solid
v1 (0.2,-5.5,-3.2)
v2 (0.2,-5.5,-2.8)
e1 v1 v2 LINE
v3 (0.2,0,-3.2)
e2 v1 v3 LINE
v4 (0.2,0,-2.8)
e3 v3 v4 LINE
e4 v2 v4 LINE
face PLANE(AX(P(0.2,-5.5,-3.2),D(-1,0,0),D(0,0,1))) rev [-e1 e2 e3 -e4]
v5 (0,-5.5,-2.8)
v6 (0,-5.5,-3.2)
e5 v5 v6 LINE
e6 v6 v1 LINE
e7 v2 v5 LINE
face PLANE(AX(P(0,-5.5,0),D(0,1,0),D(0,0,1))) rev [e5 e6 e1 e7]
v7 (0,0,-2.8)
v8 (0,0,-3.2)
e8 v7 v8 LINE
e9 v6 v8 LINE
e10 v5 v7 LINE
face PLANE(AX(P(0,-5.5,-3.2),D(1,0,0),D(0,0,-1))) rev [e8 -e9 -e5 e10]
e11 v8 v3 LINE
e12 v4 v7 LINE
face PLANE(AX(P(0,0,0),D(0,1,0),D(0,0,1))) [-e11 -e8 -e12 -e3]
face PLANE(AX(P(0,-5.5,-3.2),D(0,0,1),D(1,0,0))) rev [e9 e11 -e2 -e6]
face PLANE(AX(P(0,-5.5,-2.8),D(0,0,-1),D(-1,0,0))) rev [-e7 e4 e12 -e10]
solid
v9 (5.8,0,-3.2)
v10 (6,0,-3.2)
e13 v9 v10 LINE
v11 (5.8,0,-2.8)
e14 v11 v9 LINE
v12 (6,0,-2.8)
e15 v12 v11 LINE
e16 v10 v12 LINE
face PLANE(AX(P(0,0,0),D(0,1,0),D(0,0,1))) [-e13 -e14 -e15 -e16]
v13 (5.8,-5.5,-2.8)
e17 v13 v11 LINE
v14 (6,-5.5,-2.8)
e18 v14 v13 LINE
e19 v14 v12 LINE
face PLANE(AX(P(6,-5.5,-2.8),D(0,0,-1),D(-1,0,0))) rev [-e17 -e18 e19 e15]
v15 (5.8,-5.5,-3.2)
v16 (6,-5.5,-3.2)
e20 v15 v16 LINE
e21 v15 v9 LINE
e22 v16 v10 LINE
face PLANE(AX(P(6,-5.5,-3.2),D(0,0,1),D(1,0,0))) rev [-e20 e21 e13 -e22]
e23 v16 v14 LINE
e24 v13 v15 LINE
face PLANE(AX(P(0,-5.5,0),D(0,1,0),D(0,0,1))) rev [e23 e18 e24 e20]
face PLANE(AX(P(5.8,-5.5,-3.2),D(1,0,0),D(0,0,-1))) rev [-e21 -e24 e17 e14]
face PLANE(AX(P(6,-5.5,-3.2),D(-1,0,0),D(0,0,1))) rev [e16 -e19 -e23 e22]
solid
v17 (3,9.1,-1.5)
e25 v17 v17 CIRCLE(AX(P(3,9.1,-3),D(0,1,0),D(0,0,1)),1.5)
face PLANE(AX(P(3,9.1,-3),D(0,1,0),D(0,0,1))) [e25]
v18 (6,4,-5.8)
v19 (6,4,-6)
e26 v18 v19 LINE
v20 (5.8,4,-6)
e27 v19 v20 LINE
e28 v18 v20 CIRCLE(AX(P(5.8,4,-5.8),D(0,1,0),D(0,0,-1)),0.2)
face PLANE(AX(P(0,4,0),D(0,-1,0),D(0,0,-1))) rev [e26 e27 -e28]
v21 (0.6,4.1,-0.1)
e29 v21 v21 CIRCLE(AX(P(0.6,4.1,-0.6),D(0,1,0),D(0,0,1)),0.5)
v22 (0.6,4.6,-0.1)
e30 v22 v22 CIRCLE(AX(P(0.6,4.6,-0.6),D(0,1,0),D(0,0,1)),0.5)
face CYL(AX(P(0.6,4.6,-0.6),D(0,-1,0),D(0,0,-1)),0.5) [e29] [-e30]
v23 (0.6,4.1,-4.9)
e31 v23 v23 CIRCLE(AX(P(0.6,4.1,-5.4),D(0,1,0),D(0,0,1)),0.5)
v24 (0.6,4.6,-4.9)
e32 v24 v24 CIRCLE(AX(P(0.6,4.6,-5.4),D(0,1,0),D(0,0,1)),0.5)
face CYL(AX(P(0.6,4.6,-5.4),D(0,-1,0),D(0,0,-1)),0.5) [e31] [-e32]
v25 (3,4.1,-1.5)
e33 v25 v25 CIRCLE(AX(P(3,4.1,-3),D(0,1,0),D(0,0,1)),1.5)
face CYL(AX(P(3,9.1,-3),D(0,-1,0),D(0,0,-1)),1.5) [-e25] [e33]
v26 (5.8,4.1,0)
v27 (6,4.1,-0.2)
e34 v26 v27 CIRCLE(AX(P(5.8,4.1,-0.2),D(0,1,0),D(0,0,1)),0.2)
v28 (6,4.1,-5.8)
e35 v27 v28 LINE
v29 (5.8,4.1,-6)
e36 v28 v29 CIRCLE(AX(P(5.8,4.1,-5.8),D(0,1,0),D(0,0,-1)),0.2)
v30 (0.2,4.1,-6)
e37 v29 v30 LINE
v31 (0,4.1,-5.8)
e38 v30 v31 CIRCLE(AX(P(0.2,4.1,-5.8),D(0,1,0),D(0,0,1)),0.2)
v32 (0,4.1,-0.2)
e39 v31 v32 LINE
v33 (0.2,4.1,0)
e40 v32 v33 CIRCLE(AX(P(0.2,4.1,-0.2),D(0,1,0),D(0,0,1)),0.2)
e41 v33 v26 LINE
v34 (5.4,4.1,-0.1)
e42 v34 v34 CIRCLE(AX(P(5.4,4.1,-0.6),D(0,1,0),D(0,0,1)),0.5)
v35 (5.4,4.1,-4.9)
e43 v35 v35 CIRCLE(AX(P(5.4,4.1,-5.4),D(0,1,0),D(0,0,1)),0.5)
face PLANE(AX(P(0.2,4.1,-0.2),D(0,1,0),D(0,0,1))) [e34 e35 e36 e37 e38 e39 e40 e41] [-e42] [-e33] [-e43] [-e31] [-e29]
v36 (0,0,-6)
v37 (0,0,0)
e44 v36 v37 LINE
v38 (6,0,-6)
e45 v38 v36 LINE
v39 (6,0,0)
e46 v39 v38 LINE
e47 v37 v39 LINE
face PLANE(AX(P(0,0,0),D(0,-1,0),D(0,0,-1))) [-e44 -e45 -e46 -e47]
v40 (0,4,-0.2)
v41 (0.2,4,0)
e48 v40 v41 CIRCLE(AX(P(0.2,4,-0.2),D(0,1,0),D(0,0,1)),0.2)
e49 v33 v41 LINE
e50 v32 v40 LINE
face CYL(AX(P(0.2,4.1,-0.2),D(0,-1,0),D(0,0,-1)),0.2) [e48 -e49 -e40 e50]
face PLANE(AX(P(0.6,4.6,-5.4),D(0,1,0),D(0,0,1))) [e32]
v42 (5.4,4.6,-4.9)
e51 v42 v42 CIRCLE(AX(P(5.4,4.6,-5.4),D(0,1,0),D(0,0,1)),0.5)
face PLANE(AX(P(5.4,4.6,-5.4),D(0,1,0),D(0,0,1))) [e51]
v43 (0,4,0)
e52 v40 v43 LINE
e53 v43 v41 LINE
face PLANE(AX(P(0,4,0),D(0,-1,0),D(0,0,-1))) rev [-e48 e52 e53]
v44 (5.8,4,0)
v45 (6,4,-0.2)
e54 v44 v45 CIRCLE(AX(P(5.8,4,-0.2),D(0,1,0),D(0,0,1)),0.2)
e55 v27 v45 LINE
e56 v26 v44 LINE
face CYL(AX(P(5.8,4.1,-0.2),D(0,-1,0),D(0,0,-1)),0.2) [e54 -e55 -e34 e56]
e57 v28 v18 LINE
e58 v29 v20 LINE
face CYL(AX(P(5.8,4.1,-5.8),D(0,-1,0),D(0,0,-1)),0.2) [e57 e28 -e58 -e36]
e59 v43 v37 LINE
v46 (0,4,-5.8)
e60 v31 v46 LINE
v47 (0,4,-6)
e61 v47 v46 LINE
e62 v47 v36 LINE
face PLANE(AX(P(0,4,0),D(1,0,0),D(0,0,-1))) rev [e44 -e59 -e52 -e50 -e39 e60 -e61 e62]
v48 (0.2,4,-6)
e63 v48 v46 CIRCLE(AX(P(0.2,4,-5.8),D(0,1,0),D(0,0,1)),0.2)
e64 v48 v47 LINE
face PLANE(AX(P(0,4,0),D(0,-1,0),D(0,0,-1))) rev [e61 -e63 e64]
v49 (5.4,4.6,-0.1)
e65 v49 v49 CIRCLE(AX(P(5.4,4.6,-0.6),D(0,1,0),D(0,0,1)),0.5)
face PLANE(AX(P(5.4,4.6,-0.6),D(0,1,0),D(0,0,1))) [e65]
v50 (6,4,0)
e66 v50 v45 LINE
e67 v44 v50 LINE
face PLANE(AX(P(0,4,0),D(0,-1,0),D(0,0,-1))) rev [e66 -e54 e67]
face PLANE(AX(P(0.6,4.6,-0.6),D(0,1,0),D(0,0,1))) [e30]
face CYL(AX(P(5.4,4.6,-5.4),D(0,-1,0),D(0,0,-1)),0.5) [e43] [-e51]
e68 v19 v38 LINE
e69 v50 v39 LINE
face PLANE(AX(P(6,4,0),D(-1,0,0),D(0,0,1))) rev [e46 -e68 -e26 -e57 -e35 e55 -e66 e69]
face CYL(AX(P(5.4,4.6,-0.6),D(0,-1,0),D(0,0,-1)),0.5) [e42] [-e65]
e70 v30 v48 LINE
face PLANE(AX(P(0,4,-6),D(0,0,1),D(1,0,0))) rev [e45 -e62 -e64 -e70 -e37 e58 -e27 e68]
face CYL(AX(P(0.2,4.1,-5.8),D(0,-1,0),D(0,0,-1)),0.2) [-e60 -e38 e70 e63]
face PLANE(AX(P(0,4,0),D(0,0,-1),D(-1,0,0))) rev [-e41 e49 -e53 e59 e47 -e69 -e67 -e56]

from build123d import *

# Parameters (mm, degrees)
SKETCH1_W             = 6
SKETCH1_H             = 6
BOSS_EXTRUDE1_DEPTH   = 4
BOSS_EXTRUDE2_DEPTH   = 0.1
SKETCH4_R             = 0.5
BOSS_EXTRUDE3_DEPTH   = 0.5
SKETCH5_R             = 1.5
BOSS_EXTRUDE4_DEPTH   = 5
SKETCH6_W             = 0.2
SKETCH6_H             = 0.4
BOSS_EXTRUDE5_DEPTH   = 5.5
BOSS_EXTRUDE5_2_DEPTH = 5.5


with BuildPart() as part:
    # Sketch1 → Boss-Extrude1 (new body)
    with BuildSketch(Plane(origin=(0, 0, 0), x_dir=(1, 0, 0), z_dir=(0, 1, 0))):
        with Locations((3, 3)):
            Rectangle(SKETCH1_W, SKETCH1_H)
    extrude(amount=BOSS_EXTRUDE1_DEPTH)

    # Sketch2 → Boss-Extrude2 (add)
    with BuildSketch(Plane(origin=(0, 4, 0), x_dir=(1, 0, 0), z_dir=(0, 1, 0))):
        with BuildLine():
            Line((0.2, 6), (5.8, 6))
            ThreePointArc((5.8, 6), (5.941421356, 5.941421356), (6, 5.8))
            Line((6, 5.8), (6, 0.2))
            ThreePointArc((6, 0.2), (5.941421356, 0.058578644), (5.8, 0))
            Line((5.8, 0), (0.2, 0))
            ThreePointArc((0.2, 0), (0.058578644, 0.058578644), (0, 0.2))
            Line((0, 0.2), (0, 5.8))
            ThreePointArc((0, 5.8), (0.058578644, 5.941421356), (0.2, 6))
        make_face()
    extrude(amount=BOSS_EXTRUDE2_DEPTH)

    # Sketch4 → Boss-Extrude3 (add)
    with BuildSketch(Plane(origin=(0, 4.1, 0), x_dir=(1, 0, 0), z_dir=(0, 1, 0))):
        with Locations((0.6, 5.4)):
            Circle(SKETCH4_R)
        with Locations((5.4, 5.4)):
            Circle(SKETCH4_R)
        with Locations((5.4, 0.6)):
            Circle(SKETCH4_R)
        with Locations((0.6, 0.6)):
            Circle(SKETCH4_R)
    extrude(amount=BOSS_EXTRUDE3_DEPTH)

    # Sketch5 → Boss-Extrude4 (add)
    with BuildSketch(Plane(origin=(0, 4.1, 0), x_dir=(1, 0, 0), z_dir=(0, 1, 0))):
        with Locations((3, 3)):
            Circle(SKETCH5_R)
    extrude(amount=BOSS_EXTRUDE4_DEPTH)


with BuildPart() as body_2:
    # Sketch6 → Boss-Extrude5 (new body)
    with BuildSketch(Plane.XZ):
        with Locations((0.1, -3)):
            Rectangle(SKETCH6_W, SKETCH6_H)
    extrude(amount=BOSS_EXTRUDE5_DEPTH)


with BuildPart() as body_3:
    # Sketch6 → Boss-Extrude5 2 (new body)
    with BuildSketch(Plane.XZ):
        with Locations((5.9, -3)):
            Rectangle(SKETCH6_W, SKETCH6_H)
    extrude(amount=BOSS_EXTRUDE5_2_DEPTH)


solid = Compound([part.part, body_2.part, body_3.part])
